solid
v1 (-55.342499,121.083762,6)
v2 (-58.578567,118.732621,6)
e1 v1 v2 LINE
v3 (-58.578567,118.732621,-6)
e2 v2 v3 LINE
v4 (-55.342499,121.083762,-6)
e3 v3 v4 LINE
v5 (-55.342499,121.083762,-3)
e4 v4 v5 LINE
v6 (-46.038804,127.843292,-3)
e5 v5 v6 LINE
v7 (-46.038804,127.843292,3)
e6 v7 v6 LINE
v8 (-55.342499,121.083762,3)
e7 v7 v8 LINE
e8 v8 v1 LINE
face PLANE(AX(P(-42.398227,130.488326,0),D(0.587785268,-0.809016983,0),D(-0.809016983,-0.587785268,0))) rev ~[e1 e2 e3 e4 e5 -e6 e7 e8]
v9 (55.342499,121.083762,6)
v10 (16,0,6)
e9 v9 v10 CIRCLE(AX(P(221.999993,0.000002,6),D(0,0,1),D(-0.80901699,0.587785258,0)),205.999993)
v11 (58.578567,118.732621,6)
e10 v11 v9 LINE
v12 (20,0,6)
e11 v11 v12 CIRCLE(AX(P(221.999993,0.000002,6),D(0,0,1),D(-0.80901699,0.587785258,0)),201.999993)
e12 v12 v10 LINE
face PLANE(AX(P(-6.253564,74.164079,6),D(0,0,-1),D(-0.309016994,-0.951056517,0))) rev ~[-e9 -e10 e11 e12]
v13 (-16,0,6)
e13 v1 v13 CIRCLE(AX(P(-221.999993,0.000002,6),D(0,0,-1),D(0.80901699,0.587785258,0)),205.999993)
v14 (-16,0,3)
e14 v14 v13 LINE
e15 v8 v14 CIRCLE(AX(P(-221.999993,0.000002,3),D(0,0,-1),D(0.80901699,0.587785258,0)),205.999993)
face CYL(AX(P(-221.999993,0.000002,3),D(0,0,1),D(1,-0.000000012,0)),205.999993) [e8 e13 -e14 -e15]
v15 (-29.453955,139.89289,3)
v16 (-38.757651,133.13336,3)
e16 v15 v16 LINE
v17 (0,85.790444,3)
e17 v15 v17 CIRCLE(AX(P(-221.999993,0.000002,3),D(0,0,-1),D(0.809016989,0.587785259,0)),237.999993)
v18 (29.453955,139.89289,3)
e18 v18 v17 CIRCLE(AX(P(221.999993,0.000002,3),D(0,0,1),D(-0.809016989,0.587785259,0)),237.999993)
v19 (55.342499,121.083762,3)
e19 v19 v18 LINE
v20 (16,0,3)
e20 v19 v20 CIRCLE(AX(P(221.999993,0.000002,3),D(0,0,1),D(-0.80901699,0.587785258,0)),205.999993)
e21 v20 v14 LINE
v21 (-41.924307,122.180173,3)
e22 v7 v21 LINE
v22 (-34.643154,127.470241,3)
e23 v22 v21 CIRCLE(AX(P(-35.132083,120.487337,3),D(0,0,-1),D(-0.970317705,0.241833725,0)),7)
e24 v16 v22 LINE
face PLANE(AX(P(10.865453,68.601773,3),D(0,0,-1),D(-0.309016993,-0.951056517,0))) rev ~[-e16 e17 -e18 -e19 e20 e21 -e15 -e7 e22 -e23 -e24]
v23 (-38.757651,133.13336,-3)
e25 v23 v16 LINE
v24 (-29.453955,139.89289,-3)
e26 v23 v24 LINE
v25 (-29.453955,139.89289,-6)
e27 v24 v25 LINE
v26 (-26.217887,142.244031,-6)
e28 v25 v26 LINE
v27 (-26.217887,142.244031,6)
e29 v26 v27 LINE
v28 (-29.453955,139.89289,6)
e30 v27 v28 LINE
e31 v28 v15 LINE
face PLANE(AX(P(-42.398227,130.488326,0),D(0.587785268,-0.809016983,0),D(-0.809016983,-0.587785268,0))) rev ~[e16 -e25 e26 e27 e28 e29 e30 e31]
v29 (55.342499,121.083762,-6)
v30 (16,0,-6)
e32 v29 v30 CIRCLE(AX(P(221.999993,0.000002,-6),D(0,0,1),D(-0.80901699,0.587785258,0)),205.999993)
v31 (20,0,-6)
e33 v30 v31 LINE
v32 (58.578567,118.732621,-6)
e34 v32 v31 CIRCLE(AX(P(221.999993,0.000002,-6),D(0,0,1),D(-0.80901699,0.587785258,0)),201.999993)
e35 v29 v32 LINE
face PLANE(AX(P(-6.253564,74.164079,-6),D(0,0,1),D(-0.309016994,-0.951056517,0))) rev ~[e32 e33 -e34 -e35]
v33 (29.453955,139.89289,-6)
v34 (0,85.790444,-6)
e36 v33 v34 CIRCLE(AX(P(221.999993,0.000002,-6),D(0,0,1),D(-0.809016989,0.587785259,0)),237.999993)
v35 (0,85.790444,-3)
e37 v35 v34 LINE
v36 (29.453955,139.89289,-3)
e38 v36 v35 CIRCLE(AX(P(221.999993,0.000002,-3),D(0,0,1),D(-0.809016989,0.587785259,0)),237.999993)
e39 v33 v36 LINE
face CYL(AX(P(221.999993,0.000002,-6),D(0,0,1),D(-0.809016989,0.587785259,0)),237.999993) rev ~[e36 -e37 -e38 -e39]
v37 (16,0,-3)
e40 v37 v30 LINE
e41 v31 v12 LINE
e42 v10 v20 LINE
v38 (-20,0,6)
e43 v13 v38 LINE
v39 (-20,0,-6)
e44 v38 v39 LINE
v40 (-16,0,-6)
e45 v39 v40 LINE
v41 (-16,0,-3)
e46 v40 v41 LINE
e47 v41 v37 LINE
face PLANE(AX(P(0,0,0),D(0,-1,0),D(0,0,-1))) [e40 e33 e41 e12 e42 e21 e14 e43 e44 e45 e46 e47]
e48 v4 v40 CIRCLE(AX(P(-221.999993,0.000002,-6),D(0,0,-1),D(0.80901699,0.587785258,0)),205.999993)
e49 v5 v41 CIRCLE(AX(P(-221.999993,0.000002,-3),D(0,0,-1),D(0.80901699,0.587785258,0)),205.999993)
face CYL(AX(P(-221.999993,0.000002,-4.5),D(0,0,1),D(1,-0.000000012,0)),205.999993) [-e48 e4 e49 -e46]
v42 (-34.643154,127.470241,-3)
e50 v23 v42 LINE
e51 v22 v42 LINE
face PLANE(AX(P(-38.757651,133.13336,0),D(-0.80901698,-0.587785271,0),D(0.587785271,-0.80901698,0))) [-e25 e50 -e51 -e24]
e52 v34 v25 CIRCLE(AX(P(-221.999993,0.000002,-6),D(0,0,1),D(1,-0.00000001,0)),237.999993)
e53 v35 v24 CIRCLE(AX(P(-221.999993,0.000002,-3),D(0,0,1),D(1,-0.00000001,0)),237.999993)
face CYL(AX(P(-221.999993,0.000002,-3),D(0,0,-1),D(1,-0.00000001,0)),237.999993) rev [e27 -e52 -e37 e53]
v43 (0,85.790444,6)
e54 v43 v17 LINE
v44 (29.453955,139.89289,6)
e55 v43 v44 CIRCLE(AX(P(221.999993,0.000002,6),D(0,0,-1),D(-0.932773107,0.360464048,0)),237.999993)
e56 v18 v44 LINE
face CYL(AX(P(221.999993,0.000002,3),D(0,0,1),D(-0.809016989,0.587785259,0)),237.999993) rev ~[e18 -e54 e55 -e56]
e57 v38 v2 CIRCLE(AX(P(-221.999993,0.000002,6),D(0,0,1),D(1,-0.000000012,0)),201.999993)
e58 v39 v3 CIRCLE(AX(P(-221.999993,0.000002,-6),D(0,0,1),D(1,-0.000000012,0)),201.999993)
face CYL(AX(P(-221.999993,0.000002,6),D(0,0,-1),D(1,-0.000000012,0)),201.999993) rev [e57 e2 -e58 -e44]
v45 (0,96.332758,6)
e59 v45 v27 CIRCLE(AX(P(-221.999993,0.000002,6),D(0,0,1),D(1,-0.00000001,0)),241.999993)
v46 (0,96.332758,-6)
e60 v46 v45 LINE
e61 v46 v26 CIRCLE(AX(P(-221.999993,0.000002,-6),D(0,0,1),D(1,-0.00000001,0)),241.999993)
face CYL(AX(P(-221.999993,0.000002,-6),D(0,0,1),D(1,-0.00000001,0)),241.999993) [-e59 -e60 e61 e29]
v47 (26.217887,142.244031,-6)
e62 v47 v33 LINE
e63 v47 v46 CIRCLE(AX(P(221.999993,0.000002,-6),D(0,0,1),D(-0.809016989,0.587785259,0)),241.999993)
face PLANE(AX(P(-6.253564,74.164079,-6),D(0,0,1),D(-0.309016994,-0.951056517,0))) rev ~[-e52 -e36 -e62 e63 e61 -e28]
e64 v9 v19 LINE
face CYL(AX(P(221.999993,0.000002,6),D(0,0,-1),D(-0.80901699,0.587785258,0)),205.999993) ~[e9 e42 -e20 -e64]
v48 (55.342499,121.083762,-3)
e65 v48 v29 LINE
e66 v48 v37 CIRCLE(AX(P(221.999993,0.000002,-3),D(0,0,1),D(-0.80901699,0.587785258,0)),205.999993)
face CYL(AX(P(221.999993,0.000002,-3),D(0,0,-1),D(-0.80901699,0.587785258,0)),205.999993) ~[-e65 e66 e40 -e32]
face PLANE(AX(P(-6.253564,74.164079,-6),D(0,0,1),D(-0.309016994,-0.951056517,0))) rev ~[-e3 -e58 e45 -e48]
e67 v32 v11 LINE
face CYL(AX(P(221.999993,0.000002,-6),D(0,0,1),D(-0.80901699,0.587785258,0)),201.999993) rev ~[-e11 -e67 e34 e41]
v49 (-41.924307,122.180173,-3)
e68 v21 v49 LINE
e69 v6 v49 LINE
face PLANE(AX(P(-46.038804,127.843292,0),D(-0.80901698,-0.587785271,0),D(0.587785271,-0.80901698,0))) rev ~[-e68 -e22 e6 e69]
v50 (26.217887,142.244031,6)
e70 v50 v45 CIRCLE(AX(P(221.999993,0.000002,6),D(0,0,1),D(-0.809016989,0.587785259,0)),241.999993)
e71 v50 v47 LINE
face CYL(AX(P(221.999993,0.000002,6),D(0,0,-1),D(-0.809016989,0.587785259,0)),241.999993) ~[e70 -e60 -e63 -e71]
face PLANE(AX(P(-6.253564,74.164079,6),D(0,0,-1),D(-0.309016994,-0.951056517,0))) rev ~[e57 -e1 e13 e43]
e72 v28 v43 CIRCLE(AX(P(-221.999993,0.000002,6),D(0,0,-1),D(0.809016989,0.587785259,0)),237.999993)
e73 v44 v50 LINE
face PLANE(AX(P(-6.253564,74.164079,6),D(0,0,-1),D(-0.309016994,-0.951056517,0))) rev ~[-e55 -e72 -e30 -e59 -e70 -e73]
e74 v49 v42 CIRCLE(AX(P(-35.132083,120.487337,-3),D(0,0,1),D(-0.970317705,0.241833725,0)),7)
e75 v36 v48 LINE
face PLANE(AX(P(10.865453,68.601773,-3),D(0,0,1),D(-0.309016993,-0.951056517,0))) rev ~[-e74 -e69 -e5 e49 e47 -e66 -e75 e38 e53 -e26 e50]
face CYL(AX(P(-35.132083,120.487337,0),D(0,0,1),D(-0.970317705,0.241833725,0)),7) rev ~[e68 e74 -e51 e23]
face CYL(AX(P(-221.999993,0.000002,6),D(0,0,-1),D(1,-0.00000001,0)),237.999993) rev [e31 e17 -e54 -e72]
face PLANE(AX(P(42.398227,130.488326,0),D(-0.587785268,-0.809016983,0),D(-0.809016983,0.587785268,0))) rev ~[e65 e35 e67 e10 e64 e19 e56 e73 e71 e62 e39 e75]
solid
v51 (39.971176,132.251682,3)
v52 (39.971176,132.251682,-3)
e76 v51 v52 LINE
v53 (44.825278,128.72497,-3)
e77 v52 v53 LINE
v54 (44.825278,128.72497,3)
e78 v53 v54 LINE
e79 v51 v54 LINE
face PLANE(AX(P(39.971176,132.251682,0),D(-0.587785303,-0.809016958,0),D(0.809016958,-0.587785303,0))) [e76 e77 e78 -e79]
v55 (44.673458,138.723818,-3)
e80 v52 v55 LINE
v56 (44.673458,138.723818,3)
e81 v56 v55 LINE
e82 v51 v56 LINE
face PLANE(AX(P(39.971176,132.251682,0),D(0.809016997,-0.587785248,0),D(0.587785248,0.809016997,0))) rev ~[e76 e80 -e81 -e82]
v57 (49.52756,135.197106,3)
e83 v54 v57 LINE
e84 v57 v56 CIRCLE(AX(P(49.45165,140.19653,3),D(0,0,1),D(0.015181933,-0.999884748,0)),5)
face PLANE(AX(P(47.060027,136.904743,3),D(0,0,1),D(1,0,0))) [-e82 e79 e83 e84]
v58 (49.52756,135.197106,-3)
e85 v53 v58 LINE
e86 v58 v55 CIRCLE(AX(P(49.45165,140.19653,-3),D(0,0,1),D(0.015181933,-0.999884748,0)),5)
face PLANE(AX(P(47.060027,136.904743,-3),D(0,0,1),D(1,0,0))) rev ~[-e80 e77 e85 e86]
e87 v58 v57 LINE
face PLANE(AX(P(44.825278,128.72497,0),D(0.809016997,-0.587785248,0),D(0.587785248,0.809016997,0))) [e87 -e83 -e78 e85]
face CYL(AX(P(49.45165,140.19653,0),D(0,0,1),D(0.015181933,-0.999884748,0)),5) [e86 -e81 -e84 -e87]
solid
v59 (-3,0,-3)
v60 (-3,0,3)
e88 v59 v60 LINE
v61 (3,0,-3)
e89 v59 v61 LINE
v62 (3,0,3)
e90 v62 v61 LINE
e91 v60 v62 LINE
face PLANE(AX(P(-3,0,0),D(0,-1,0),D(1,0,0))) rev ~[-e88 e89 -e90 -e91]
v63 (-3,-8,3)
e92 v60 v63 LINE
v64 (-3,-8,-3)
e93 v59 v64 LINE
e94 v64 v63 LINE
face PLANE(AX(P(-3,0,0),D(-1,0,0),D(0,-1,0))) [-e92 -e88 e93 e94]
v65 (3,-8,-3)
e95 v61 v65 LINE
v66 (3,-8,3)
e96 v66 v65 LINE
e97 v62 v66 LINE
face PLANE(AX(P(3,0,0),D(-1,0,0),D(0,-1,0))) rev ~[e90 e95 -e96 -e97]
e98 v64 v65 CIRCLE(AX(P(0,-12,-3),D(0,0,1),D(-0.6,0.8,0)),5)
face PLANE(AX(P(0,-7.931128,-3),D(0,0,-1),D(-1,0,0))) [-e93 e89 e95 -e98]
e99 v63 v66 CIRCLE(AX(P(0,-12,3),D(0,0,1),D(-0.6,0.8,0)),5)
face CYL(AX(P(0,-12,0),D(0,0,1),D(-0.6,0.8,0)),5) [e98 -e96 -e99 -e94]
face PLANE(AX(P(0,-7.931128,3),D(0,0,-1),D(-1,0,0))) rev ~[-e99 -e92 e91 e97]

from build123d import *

# Parameters (mm, degrees)
SKETCH013_W       = 32
SKETCH013_H       = 3
POCKET_DEPTH      = 6.001
POCKET_DEPTH_BACK = -6.001
PAD_DEPTH         = 3
PAD001_DEPTH      = 3


with BuildPart() as main:
    # AdditivePipe: sweep along a path in Sketch
    with BuildLine(Plane.XY) as additivepipe_path:
        ThreePointArc((0, 0), (-10.865453, 68.601773), (-42.398227, 130.488326))
    # Sketch002 → AdditivePipe (sweep)
    with BuildSketch(Plane.XZ):
        Polygon((-20, 6), (-20, -6), (-16, -6), (-16, -3), (-9, -3), (9, -3), (16, -3), (16, -6), (20, -6), (20, 6), (16, 6), (16, 3), (9, 3), (-9, 3), (-16, 3), (-16, 6), align=None)
    sweep(path=additivepipe_path.line)

    # AdditivePipe001: sweep along a path in Sketch001
    with BuildLine(Plane.XY) as additivepipe001_path:
        ThreePointArc((42.398227, 130.488326), (10.865453, 68.601773), (0, 0))
    # Sketch002 → AdditivePipe001 (sweep)
    with BuildSketch(Plane.XZ):
        Polygon((-20, 6), (-20, -6), (-16, -6), (-16, -3), (-9, -3), (9, -3), (16, -3), (16, -6), (20, -6), (20, 6), (16, 6), (16, 3), (9, 3), (-9, 3), (-16, 3), (-16, 6), align=None)
    sweep(path=additivepipe001_path.line)

    # SubtractivePipe: sweep along a path in Sketch
    with BuildLine(Plane.XY) as subtractivepipe_path:
        ThreePointArc((0, 0), (-10.865453, 68.601773), (-42.398227, 130.488326))
    # Sketch013 (on Face1 of AdditivePipe001) → SubtractivePipe (sweep, cut)
    with BuildSketch(Plane.XZ):
        with Locations((0, 4.5)):
            Rectangle(SKETCH013_W, SKETCH013_H)
    subtractivepipe = sweep(path=subtractivepipe_path.line, mode=Mode.SUBTRACT)

    # SubtractivePipe001: sweep along a path in Sketch001
    with BuildLine(Plane.XY) as subtractivepipe001_path:
        ThreePointArc((42.398227, 130.488326), (10.865453, 68.601773), (0, 0))
    # Sketch013 (on Face1 of AdditivePipe001) → SubtractivePipe001 (sweep, cut)
    with BuildSketch(Plane.XZ):
        with Locations((0, 4.5)):
            Rectangle(SKETCH013_W, SKETCH013_H)
    subtractivepipe001 = sweep(path=subtractivepipe001_path.line, mode=Mode.SUBTRACT)

    # Mirrored: SubtractivePipe across XY
    add(subtractivepipe.mirror(Plane.XY), mode=Mode.SUBTRACT)

    # Mirrored001: SubtractivePipe001 across XY
    add(subtractivepipe001.mirror(Plane.XY), mode=Mode.SUBTRACT)

    # Sketch008 → Pocket (cut, two sides)
    with BuildSketch(Plane.XY) as pocket_sk:
        with BuildLine():
            Line((-46.038804, 127.843292), (-38.757651, 133.13336))
            Line((-38.757651, 133.13336), (-34.643154, 127.470241))
            ThreePointArc((-41.924307, 122.180173), (-31.017586, 114.824218), (-34.643154, 127.470241))
            Line((-46.038804, 127.843292), (-41.924307, 122.180173))
        make_face()
    extrude(amount=-POCKET_DEPTH, mode=Mode.SUBTRACT)
    extrude(pocket_sk.sketch, amount=-POCKET_DEPTH_BACK, mode=Mode.SUBTRACT)


with BuildPart() as male1:
    # Sketch010 → Pad (new body, symmetric)
    with BuildSketch(Plane.XY):
        with BuildLine():
            Line((-3, 0), (3, 0))
            Line((3, 0), (3, -8))
            ThreePointArc((-3, -8), (0, -17), (3, -8))
            Line((-3, 0), (-3, -8))
        make_face()
    extrude(amount=PAD_DEPTH, both=True)


with BuildPart() as male3:
    # Sketch011 → Pad001 (new body, symmetric)
    with BuildSketch(Plane.XY):
        with BuildLine():
            Line((39.971176, 132.251682), (44.825278, 128.72497))
            Line((44.825278, 128.72497), (49.52756, 135.197106))
            ThreePointArc((49.52756, 135.197106), (52.390577, 144.241615), (44.673458, 138.723818))
            Line((39.971176, 132.251682), (44.673458, 138.723818))
        make_face()
    extrude(amount=PAD001_DEPTH, both=True)


solid = Compound([main.part, male1.part, male3.part])
